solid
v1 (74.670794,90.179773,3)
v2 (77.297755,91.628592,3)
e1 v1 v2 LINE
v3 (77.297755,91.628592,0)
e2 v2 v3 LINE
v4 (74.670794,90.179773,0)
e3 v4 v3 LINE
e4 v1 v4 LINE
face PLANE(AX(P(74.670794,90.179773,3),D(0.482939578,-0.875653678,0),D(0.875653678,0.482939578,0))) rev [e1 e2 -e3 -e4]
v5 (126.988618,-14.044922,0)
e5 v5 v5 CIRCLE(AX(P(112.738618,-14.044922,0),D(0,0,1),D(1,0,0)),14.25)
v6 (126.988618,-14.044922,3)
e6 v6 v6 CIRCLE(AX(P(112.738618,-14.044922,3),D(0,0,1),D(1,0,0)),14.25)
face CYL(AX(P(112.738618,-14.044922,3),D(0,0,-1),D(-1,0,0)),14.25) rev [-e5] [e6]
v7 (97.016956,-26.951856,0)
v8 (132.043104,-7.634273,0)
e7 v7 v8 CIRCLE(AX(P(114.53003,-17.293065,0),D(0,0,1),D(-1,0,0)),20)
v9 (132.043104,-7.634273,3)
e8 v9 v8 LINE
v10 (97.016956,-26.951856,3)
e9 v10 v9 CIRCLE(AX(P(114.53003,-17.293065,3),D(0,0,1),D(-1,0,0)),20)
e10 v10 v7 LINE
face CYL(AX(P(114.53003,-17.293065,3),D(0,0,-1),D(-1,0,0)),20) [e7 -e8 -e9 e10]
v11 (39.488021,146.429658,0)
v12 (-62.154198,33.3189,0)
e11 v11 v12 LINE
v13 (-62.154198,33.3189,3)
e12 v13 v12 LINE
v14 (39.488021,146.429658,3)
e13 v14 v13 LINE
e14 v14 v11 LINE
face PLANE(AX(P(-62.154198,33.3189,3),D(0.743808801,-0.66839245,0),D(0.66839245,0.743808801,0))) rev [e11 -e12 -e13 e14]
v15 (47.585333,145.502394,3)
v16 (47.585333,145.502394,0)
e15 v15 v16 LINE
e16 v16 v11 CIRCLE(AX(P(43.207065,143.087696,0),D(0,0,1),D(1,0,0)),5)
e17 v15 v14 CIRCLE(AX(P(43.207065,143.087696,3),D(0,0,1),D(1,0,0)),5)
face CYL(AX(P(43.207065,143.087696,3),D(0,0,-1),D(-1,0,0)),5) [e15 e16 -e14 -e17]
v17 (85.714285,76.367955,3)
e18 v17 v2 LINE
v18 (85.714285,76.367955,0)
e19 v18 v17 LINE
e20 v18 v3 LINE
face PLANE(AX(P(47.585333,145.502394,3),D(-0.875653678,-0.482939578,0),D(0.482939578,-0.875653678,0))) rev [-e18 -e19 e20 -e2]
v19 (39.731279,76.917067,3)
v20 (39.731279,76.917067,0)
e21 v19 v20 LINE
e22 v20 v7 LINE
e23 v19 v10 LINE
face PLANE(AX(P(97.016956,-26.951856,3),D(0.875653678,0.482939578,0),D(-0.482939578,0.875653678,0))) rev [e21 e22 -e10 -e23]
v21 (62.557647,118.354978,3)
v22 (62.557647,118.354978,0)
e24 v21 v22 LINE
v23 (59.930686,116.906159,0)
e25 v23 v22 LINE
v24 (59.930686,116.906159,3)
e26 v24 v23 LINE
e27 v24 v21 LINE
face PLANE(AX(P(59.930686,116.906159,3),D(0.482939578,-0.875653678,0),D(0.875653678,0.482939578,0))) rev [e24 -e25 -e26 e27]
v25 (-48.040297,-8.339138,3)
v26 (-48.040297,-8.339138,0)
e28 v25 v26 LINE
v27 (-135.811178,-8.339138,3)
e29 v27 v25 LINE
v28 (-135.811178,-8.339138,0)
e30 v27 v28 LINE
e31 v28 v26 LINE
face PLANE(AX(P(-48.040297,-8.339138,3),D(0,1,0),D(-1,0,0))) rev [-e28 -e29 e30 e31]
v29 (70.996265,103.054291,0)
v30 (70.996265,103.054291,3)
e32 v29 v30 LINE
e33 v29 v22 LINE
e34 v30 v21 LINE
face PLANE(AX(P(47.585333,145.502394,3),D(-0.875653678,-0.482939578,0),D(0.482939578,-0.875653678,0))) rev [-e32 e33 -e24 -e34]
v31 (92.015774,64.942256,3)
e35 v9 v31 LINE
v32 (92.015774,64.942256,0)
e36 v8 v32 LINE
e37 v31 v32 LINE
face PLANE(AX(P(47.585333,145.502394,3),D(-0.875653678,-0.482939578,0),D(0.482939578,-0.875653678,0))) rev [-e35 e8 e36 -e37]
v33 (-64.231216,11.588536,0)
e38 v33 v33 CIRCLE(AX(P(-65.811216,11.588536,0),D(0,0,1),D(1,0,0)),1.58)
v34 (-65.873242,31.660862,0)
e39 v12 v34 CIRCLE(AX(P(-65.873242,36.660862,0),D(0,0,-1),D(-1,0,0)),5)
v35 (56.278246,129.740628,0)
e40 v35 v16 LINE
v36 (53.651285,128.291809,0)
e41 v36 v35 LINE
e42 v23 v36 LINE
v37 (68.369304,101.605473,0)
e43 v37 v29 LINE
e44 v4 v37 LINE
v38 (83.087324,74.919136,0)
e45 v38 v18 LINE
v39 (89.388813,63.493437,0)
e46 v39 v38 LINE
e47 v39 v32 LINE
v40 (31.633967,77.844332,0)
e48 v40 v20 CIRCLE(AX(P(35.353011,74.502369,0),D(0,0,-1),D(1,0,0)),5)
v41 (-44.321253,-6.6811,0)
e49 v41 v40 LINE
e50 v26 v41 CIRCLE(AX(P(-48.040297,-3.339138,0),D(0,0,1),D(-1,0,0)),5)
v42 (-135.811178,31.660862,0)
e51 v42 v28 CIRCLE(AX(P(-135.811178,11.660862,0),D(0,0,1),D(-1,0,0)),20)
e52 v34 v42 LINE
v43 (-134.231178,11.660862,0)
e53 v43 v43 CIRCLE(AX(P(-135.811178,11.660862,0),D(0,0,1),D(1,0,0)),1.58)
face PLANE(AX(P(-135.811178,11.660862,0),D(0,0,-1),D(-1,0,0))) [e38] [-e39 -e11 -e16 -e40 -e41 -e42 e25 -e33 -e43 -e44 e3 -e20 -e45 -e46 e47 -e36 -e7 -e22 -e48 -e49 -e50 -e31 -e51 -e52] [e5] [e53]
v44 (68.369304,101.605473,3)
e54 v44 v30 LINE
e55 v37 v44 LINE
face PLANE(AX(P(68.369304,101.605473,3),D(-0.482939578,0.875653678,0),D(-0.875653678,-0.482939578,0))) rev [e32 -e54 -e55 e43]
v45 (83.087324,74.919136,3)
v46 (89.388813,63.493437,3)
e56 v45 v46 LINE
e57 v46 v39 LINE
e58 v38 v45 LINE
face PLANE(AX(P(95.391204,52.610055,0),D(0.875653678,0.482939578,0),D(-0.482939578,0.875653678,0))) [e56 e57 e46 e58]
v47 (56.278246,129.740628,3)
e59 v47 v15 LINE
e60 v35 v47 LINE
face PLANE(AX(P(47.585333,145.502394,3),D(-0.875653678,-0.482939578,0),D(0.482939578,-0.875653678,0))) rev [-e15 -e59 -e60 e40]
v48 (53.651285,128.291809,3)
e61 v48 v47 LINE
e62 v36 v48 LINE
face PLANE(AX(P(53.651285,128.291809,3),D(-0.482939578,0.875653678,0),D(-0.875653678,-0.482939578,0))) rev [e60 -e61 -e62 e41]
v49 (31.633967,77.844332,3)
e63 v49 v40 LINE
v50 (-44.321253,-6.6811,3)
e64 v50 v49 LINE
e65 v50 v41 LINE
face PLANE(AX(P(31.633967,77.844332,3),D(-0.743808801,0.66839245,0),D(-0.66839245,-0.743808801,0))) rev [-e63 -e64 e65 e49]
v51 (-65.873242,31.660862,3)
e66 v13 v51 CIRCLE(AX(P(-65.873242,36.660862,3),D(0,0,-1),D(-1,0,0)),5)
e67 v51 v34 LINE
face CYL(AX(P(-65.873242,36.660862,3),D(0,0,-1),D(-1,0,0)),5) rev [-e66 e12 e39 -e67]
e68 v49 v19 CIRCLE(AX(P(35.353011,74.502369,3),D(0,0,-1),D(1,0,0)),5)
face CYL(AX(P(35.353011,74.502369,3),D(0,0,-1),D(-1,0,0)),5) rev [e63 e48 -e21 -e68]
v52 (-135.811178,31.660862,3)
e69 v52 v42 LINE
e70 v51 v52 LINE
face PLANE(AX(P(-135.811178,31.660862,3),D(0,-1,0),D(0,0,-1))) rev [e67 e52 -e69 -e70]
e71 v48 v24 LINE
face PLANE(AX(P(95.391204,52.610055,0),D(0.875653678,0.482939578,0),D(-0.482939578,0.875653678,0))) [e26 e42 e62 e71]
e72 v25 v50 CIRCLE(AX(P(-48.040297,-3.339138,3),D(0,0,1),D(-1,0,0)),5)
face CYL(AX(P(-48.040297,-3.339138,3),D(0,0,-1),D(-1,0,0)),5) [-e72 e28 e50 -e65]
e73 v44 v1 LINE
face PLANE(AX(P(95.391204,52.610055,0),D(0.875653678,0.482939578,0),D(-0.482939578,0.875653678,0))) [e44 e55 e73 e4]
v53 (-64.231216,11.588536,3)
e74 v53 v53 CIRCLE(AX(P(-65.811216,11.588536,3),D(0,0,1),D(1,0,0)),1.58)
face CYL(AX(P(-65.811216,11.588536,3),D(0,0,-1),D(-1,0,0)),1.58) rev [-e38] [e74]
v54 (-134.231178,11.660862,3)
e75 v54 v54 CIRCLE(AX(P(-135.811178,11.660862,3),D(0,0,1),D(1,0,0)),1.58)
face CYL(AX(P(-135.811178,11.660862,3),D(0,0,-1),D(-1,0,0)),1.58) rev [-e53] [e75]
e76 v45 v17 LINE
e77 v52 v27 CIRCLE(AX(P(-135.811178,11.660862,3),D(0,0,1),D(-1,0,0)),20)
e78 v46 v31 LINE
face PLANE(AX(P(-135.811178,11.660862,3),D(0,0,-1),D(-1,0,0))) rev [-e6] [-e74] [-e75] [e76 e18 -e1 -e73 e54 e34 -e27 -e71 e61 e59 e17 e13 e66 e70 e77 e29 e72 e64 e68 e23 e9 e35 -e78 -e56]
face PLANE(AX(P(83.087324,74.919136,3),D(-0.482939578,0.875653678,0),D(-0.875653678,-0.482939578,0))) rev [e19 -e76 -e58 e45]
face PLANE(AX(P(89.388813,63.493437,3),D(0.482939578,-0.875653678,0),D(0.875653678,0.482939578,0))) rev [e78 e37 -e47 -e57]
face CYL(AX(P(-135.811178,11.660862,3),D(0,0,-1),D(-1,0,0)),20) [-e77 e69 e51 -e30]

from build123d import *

# Parameters (mm, degrees)
CROQUIS1_R              = 1.58
CROQUIS1_R_2            = 14.25
SALIENTE_EXTRUIR1_DEPTH = 3
CROQUIS3_W              = 3
CROQUIS3_H              = 13.002457907
CROQUIS3_H_2            = 13.048194377
CROQUIS3_H_3            = 13.048194378
CORTAR_EXTRUIR1_DEPTH   = 3


with BuildPart() as part:
    # Croquis1 → Saliente-Extruir1 (new body)
    with BuildSketch(Plane.XY):
        with BuildLine():
            Line((-135.811178416, 31.660861846), (-65.873242367, 31.660861846))
            ThreePointArc((-65.873242367, 31.660861846), (-63.837291884, 32.094144685), (-62.154198363, 33.318899594))
            Line((-62.154198363, 33.318899594), (39.488020824, 146.429658271))
            ThreePointArc((39.488020824, 146.429658271), (43.775922453, 148.055230719), (47.585333219, 145.502393908))
            Line((47.585333219, 145.502393908), (132.043103592, -7.634273033))
            ThreePointArc((132.043103592, -7.634273033), (124.188821584, -34.806138154), (97.016956463, -26.951856146))
            Line((97.016956463, -26.951856146), (39.731279169, 76.917067288))
            ThreePointArc((39.731279169, 76.917067288), (35.921868403, 79.4699041), (31.633966774, 77.844331652))
            Line((31.633966774, 77.844331652), (-44.321252629, -6.681100406))
            ThreePointArc((-44.321252629, -6.681100406), (-46.00434615, -7.905855315), (-48.040296633, -8.339138154))
            Line((-48.040296633, -8.339138154), (-135.811178416, -8.339138154))
            ThreePointArc((-135.811178416, -8.339138154), (-155.811178416, 11.660861846), (-135.811178416, 31.660861846))
        make_face()
        with Locations((-135.811178416, 11.660861846)):
            Circle(CROQUIS1_R, mode=Mode.SUBTRACT)
        with Locations((-65.81121578, 11.5885363)):
            Circle(CROQUIS1_R, mode=Mode.SUBTRACT)
        with Locations((112.738617641, -14.044921514)):
            Circle(CROQUIS1_R_2, mode=Mode.SUBTRACT)
    extrude(amount=SALIENTE_EXTRUIR1_DEPTH)

    # Croquis3 → Cortar-Extruir1 (cut)
    with BuildSketch(Plane(origin=(98.018165522, 54.058873563, 0), x_dir=(0, 0, -1), z_dir=(0.875653678, 0.482939578, 0))):
        with Locations((-1.5, 79.927636726)):
            Rectangle(CROQUIS3_W, CROQUIS3_H)
        with Locations((-1.5, 49.42886568)):
            Rectangle(CROQUIS3_W, CROQUIS3_H_2)
        with Locations((-1.5, 18.952962868)):
            Rectangle(CROQUIS3_W, CROQUIS3_H_3)
    extrude(amount=-CORTAR_EXTRUIR1_DEPTH, mode=Mode.SUBTRACT)


solid = part.part
